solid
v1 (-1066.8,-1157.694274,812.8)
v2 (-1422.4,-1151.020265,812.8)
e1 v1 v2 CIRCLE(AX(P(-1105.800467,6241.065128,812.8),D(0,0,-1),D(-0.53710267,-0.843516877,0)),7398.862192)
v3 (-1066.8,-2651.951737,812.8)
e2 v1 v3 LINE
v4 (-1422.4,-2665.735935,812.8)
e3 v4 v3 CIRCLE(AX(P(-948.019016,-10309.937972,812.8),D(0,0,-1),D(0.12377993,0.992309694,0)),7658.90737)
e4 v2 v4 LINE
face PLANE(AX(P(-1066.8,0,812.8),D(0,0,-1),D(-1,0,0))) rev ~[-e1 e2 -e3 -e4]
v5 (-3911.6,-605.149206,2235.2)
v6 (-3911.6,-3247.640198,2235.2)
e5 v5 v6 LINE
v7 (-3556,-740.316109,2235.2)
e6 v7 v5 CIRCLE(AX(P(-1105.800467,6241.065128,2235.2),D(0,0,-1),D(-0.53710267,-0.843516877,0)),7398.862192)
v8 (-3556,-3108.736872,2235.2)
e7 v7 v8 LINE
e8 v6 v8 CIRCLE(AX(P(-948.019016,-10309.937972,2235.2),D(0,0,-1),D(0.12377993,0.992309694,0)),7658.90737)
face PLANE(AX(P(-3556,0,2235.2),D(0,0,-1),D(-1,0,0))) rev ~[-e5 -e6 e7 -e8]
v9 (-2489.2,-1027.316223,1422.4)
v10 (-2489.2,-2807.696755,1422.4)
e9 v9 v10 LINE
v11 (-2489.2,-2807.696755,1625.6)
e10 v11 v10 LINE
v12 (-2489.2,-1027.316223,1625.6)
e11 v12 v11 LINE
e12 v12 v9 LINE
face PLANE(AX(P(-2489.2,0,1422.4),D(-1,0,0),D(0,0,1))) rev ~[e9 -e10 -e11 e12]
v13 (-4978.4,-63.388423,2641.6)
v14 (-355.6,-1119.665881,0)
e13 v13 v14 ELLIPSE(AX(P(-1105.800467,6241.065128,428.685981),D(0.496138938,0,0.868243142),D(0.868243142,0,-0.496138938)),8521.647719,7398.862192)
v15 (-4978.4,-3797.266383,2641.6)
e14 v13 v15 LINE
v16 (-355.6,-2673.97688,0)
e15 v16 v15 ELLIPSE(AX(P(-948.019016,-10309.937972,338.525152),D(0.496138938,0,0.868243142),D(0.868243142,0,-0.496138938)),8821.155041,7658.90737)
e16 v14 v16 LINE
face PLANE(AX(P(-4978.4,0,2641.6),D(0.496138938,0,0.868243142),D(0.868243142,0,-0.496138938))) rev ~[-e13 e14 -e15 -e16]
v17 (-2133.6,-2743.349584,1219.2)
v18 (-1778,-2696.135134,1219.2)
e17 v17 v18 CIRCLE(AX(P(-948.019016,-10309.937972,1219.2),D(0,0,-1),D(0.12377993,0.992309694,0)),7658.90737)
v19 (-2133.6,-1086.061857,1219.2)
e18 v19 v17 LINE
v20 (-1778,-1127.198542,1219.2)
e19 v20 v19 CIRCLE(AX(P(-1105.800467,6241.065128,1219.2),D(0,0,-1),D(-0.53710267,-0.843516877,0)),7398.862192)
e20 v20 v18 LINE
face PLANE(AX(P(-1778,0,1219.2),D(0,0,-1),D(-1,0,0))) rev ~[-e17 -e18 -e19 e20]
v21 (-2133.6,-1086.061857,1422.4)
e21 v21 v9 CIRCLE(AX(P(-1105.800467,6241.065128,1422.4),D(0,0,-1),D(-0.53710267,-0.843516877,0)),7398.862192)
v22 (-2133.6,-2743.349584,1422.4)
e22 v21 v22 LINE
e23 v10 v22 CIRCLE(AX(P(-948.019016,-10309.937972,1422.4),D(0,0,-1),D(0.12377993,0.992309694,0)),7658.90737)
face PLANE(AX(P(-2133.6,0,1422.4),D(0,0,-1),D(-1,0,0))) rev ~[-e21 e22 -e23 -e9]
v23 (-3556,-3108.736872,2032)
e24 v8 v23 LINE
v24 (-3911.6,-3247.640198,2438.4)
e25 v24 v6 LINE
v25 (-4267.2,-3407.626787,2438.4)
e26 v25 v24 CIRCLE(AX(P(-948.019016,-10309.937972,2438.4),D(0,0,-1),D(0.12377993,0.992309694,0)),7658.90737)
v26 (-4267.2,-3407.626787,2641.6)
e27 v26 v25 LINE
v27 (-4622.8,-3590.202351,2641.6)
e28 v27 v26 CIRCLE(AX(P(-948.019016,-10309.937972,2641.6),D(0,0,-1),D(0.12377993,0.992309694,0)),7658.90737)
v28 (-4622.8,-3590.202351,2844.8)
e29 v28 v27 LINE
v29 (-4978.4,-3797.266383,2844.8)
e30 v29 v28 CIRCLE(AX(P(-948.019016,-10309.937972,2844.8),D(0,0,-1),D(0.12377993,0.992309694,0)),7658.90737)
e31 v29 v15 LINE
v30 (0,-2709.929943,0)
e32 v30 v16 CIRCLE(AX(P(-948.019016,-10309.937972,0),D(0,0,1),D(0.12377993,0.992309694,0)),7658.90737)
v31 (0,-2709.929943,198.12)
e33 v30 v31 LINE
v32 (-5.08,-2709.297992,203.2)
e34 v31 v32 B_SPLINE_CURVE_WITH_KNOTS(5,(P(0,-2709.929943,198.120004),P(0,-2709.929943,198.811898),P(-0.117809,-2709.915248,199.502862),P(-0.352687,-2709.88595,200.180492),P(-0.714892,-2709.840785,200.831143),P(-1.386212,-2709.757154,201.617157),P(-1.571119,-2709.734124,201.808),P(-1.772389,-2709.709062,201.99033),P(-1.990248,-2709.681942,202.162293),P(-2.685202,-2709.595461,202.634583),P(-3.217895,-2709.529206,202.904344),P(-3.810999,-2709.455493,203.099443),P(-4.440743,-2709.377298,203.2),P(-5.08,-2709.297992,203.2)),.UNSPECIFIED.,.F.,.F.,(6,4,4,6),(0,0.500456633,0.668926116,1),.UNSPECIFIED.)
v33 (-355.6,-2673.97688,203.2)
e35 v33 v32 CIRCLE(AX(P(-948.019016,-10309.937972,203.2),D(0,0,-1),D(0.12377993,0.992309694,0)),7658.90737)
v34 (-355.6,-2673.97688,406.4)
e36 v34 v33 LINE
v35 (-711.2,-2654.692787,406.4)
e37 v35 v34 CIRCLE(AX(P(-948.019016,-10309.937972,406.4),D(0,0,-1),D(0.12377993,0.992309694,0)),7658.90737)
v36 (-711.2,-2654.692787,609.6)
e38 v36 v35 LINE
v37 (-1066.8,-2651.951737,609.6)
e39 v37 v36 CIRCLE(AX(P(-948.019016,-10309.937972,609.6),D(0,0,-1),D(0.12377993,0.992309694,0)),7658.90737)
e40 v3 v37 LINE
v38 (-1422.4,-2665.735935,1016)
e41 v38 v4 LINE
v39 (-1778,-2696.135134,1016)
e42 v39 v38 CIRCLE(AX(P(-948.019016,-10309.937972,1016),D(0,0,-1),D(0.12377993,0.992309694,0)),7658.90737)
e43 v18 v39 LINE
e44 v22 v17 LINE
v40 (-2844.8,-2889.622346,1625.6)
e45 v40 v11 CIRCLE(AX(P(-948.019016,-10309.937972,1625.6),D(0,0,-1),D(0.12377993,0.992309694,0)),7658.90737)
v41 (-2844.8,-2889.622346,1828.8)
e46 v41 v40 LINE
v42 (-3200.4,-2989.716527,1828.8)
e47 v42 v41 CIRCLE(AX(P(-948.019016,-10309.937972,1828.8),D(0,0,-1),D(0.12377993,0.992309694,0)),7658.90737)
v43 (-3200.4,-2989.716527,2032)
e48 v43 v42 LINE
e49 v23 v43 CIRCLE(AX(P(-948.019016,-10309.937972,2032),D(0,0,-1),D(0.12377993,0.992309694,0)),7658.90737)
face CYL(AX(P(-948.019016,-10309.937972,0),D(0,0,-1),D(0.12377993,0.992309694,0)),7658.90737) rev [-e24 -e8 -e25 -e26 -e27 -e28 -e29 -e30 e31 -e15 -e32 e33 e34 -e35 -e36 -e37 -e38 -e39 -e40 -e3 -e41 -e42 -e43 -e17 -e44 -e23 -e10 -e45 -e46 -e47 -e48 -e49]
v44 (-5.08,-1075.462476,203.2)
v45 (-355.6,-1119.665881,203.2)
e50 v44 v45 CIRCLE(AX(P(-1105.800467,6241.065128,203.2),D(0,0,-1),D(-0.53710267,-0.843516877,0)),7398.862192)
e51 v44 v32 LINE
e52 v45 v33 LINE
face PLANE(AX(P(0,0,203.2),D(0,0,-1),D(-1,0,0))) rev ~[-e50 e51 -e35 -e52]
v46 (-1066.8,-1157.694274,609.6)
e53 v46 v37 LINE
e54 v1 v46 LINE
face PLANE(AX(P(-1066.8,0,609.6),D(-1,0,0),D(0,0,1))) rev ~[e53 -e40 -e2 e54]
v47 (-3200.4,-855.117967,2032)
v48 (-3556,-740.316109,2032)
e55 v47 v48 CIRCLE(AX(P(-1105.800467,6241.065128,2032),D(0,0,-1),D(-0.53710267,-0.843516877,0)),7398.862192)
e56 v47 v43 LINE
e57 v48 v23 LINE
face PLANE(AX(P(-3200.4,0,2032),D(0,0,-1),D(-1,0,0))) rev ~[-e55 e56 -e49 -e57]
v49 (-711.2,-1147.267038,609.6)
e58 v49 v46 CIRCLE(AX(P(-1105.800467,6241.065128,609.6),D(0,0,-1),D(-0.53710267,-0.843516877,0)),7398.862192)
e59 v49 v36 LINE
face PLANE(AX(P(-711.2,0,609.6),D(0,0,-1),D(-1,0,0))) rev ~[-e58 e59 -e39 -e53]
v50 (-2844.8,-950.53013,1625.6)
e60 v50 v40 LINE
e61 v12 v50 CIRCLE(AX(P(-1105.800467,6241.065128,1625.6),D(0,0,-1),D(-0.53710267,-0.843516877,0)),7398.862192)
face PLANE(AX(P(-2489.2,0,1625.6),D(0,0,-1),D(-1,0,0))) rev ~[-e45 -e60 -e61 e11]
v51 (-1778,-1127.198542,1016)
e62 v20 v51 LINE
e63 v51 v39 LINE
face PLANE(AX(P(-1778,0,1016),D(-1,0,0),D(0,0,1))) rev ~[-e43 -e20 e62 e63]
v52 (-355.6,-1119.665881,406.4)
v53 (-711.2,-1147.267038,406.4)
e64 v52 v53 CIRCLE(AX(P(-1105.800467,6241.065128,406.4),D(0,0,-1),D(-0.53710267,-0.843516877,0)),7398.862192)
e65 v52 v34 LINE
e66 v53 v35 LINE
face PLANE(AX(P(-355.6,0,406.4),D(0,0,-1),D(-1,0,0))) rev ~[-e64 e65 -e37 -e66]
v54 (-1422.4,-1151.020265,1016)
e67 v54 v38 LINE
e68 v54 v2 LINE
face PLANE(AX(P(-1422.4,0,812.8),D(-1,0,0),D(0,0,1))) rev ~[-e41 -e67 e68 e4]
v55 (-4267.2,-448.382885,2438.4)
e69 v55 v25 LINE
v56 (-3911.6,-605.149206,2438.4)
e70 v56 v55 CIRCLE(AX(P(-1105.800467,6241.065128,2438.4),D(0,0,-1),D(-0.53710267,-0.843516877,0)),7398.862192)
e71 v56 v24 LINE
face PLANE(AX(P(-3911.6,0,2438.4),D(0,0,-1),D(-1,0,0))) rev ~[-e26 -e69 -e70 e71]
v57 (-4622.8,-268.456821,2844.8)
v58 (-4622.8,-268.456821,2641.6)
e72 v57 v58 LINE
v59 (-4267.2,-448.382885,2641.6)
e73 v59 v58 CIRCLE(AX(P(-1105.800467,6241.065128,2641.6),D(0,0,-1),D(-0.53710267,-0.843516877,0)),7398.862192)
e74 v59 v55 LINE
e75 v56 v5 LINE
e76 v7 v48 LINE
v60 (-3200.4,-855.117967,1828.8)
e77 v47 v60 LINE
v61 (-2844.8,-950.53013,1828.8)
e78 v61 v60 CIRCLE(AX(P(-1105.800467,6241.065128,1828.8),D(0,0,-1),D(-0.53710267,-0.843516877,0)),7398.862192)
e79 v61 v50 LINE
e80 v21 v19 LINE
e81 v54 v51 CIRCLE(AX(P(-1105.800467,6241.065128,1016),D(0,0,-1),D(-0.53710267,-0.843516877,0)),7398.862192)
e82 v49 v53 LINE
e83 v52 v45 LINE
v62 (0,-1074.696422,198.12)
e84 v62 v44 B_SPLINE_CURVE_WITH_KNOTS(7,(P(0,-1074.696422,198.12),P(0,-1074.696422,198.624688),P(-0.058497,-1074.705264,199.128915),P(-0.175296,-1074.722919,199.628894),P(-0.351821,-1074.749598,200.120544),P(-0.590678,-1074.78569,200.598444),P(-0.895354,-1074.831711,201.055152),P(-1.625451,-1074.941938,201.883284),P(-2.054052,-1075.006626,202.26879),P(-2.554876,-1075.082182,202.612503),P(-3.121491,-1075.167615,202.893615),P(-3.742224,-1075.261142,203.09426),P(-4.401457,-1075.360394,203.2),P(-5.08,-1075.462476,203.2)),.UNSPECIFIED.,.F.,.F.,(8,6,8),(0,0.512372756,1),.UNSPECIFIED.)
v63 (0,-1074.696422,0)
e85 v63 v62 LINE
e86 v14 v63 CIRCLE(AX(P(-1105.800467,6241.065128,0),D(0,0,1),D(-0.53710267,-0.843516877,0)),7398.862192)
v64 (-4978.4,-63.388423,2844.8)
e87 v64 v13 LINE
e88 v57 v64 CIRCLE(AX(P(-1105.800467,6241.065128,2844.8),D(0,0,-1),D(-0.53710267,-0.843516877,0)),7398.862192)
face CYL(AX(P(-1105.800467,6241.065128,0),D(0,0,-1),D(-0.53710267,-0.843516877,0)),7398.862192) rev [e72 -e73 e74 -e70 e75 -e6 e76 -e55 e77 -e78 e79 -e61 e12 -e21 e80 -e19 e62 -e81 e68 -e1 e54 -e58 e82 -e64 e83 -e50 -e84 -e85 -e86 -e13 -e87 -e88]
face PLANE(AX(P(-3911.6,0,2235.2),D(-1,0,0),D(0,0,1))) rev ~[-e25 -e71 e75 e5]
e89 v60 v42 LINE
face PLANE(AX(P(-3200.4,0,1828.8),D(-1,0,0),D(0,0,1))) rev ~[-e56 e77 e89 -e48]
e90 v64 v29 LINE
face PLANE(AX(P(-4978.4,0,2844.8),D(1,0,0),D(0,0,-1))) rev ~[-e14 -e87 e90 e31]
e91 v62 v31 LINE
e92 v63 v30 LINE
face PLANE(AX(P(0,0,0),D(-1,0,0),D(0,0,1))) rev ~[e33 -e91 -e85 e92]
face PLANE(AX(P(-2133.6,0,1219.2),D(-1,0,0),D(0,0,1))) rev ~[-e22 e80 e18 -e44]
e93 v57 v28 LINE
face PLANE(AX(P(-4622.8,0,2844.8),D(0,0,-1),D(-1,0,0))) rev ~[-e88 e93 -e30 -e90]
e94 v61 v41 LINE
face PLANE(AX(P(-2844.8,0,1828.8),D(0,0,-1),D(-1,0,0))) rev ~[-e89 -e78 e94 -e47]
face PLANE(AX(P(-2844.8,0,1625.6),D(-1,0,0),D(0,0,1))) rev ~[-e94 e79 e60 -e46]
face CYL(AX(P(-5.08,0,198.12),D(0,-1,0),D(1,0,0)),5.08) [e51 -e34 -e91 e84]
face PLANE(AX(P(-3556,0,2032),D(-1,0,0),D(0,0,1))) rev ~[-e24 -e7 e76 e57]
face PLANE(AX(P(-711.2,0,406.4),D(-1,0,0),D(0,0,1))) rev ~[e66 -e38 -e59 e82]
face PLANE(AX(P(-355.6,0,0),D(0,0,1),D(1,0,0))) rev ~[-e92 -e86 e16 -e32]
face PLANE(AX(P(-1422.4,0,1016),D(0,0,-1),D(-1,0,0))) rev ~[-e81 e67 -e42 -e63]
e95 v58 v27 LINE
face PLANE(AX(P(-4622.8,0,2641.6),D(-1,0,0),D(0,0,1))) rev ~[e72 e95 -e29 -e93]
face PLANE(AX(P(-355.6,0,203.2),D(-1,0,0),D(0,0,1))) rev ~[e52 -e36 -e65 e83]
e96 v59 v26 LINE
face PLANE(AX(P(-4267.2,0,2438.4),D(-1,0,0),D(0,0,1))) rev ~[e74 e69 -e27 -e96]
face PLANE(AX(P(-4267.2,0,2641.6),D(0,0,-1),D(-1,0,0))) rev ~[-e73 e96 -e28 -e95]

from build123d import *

# Parameters (mm, degrees)
F1_DEPTH = 3810
F2_R     = 5.08
F4_DEPTH = 3683


with BuildPart() as f1:
    # F0 (on Front) → F1 (new body)
    with BuildSketch(Plane.XZ):
        Polygon((-355.6, 0), (0, 0), (0, 203.2), (-355.6, 203.2), (-355.6, 406.4), (-711.2, 406.4), (-711.2, 609.6), (-1066.8, 609.6), (-1066.8, 812.8), (-1422.4, 812.8), (-1422.4, 1016), (-1778, 1016), (-1778, 1219.2), (-2133.6, 1219.2), (-2133.6, 1422.4), (-2489.2, 1422.4), (-2489.2, 1625.6), (-2844.8, 1625.6), (-2844.8, 1828.8), (-3200.4, 1828.8), (-3200.4, 2032), (-3556, 2032), (-3556, 2235.2), (-3911.6, 2235.2), (-3911.6, 2438.4), (-4267.2, 2438.4), (-4267.2, 2641.6), (-4622.8, 2641.6), (-4622.8, 2844.8), (-4978.4, 2844.8), (-4978.4, 2641.6), align=None)
    extrude(amount=F1_DEPTH)

    # F2
    f2_edges = [f1.edges().sort_by_distance(p)[0] for p in [
        (0, -1905, 203.2),
    ]]
    fillet(f2_edges, radius=F2_R)

    # F3 (on Top) → F4 (cut)
    with BuildSketch(Plane.XY):
        with BuildLine():
            Line((0, -3861.087799), (0, -2709.929943))
            ThreePointArc((0, -2709.929943), (-2640.73729, -2840.428822), (-5079.749107, -3861.087799))
            Line((-5079.749107, -3861.087799), (0, -3861.087799))
        make_face()
        with BuildLine():
            ThreePointArc((-5079.749107, 0), (-2637.241483, -997.570803), (0, -1074.696422))
            Line((0, -1074.696422), (0, 100.936957))
            Line((0, 100.936957), (-5079.749107, 100.936957))
            Line((-5079.749107, 100.936957), (-5079.749107, 0))
        make_face()
    extrude(amount=F4_DEPTH, mode=Mode.SUBTRACT)


solid = f1.part
